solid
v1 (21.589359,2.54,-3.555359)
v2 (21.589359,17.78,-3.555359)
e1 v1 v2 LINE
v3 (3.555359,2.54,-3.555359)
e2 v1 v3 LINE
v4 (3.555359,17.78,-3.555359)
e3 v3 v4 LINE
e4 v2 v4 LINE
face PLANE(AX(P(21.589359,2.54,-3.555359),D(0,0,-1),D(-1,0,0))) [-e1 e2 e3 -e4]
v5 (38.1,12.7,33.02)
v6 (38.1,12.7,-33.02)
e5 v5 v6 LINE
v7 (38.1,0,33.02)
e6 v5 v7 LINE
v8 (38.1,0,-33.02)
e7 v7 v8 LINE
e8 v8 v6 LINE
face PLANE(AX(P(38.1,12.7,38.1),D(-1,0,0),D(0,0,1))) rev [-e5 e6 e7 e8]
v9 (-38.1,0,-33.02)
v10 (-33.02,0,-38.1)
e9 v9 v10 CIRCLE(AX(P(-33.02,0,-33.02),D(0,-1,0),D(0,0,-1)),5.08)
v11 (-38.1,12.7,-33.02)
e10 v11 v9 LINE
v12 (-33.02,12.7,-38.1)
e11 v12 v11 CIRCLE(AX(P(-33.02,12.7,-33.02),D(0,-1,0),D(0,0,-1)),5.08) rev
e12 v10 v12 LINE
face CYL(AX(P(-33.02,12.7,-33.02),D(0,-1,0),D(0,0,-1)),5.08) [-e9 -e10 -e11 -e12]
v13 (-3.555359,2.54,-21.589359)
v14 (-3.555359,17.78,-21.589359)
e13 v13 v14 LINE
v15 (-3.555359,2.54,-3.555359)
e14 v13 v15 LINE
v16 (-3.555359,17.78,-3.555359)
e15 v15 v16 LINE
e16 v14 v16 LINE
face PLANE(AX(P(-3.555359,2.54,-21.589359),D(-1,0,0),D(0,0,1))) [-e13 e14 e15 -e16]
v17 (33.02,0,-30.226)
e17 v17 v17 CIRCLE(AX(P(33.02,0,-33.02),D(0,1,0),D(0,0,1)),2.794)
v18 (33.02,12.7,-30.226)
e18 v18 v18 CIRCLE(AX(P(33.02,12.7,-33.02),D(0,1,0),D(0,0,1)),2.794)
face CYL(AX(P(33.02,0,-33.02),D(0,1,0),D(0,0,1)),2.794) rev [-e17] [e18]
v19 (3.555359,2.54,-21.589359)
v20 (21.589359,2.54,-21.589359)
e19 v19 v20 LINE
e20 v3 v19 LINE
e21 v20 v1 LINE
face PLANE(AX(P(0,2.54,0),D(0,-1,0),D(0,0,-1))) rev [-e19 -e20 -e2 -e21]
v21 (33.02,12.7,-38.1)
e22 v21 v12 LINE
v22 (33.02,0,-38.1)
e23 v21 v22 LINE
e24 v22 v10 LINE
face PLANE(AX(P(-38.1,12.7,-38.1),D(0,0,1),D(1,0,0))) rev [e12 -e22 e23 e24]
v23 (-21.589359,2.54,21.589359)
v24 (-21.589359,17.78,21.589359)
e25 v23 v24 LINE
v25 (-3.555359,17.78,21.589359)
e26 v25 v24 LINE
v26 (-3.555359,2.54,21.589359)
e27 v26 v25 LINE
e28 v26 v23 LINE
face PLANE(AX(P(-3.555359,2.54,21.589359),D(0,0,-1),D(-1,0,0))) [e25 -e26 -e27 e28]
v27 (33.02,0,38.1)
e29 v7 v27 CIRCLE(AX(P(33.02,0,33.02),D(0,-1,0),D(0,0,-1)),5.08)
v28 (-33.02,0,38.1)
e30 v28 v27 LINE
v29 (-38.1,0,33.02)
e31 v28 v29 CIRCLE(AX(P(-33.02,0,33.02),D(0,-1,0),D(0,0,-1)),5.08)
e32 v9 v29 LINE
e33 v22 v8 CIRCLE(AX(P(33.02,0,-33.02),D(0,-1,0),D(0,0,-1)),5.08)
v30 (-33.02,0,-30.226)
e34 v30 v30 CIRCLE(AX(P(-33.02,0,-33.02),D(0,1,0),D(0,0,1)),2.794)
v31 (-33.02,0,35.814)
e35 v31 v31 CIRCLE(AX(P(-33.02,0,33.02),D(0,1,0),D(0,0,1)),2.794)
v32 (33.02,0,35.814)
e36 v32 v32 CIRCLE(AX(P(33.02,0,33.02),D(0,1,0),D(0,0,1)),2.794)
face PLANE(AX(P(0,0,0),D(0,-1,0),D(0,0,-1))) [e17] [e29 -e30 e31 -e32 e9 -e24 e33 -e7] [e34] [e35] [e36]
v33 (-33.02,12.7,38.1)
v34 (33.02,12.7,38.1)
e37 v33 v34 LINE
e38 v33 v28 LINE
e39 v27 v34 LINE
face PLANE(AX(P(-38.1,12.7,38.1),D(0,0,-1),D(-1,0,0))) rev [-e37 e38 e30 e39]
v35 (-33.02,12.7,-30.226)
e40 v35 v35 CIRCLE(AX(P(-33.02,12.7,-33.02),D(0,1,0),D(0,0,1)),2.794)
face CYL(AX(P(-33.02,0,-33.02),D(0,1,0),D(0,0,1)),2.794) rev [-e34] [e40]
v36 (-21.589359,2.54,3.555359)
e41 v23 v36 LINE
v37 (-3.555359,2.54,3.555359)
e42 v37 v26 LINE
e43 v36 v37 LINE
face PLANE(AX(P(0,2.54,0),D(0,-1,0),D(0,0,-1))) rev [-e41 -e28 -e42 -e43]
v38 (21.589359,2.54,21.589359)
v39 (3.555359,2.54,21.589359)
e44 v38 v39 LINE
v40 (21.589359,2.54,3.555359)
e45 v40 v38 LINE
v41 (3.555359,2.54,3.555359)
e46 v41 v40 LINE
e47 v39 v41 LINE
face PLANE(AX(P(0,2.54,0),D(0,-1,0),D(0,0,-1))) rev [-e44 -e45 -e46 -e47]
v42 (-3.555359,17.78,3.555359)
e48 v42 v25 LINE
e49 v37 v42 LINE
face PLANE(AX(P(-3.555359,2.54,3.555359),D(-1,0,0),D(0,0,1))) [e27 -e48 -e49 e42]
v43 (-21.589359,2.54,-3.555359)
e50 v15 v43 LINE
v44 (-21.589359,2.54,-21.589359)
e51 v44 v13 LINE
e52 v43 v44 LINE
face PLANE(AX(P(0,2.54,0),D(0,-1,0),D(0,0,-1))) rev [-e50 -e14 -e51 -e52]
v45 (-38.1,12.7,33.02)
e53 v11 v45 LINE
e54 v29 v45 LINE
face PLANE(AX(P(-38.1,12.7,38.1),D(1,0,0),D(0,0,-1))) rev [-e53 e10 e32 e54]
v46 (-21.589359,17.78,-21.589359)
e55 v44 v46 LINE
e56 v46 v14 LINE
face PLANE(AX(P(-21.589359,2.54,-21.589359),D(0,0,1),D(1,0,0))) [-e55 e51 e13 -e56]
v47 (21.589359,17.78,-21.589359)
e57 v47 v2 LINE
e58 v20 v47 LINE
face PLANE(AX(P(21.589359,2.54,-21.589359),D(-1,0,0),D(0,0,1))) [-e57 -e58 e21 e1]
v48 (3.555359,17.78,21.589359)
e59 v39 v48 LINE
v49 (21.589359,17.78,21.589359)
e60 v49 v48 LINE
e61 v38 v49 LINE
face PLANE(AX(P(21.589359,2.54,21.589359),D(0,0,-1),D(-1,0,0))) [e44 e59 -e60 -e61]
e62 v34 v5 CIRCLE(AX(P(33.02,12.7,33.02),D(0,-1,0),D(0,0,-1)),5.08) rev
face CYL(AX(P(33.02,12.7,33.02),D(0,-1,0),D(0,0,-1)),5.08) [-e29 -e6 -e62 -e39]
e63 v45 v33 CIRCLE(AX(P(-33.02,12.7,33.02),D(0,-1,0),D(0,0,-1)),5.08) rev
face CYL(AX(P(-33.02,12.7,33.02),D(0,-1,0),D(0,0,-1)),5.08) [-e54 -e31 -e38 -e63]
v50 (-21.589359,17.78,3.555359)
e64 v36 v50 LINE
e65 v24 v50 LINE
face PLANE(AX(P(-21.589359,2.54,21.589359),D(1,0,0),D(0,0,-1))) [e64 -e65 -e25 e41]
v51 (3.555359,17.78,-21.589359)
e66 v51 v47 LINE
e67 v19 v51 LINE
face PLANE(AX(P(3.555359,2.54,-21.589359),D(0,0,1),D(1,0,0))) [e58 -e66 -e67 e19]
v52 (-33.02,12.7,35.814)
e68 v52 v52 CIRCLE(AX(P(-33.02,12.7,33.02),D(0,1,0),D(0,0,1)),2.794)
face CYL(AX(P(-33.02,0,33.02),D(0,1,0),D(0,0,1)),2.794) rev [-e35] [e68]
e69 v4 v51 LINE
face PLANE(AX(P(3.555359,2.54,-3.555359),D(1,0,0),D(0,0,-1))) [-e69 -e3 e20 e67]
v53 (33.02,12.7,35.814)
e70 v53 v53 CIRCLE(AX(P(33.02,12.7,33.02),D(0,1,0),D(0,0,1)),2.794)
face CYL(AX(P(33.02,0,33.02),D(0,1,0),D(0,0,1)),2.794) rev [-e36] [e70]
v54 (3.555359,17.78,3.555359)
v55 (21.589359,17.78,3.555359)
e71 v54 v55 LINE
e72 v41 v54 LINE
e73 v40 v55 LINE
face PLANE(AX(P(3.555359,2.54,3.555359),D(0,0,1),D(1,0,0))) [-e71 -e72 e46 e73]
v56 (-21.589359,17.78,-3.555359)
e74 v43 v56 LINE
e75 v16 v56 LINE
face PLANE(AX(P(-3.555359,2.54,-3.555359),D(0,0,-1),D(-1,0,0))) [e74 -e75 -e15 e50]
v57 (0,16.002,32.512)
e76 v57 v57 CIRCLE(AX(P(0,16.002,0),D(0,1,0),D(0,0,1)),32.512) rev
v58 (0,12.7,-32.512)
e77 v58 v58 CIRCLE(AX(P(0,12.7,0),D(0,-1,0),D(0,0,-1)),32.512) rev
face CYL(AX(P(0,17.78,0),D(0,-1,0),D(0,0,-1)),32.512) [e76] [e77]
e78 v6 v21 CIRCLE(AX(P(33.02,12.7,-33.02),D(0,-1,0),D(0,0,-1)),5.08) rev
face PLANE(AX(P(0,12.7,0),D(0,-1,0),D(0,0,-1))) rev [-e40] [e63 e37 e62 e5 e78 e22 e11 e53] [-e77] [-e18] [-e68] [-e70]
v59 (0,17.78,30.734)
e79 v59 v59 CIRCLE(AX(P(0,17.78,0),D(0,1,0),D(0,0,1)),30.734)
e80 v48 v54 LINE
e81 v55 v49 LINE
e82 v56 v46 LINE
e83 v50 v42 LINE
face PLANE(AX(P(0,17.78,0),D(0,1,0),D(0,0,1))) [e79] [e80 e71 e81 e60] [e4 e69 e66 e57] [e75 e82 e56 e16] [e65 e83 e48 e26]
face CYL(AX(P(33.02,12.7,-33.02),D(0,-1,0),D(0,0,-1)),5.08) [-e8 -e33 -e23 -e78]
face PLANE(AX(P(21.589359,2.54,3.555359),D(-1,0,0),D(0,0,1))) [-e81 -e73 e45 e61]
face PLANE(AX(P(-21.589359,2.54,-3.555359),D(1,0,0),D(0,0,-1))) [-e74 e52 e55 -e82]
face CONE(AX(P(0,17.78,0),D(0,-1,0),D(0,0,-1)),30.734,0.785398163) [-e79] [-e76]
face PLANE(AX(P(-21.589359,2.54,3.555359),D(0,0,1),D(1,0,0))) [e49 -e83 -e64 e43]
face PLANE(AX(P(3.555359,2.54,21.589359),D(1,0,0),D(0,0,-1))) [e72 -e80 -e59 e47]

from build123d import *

# Parameters (mm, degrees)
SKETCH1_W           = 76.2
SKETCH1_H           = 76.2
BOSS_EXTRUDE1_DEPTH = 12.7
SKETCH2_R           = 2.794
CUT_EXTRUDE1_DEPTH  = 56.358016583
SKETCH2_3_R         = 32.512
BOSS_EXTRUDE2_DEPTH = 5.08
SKETCH5_W           = 18.034
SKETCH5_H           = 18.034
CUT_EXTRUDE2_DEPTH  = 15.24
FILLET1_R           = 5.08
CHAMFER1_SIZE       = 1.778


with BuildPart() as part:
    # Sketch1 → Boss-Extrude1 (new body)
    with BuildSketch(Plane(origin=(0, 0, 0), x_dir=(1, 0, 0), z_dir=(0, 1, 0))):
        Rectangle(SKETCH1_W, SKETCH1_H)
    extrude(amount=BOSS_EXTRUDE1_DEPTH)

    # Sketch2 → Cut-Extrude1 (cut, through all)
    with BuildSketch(Plane(origin=(0, 12.7, 0), x_dir=(1, 0, 0), z_dir=(0, 1, 0))):
        with Locations((33.02, 33.02)):
            Circle(SKETCH2_R)
        with Locations((33.02, -33.02)):
            Circle(SKETCH2_R)
        with Locations((-33.02, -33.02)):
            Circle(SKETCH2_R)
        with Locations((-33.02, 33.02)):
            Circle(SKETCH2_R)
    extrude(amount=-CUT_EXTRUDE1_DEPTH, mode=Mode.SUBTRACT)

    # Sketch2<3> → Boss-Extrude2 (add)
    with BuildSketch(Plane(origin=(0, 12.7, 0), x_dir=(1, 0, 0), z_dir=(0, 1, 0))):
        Circle(SKETCH2_3_R)
    extrude(amount=BOSS_EXTRUDE2_DEPTH)

    # Sketch5 → Cut-Extrude2 (cut)
    with BuildSketch(Plane(origin=(0, 17.78, 0), x_dir=(1, 0, 0), z_dir=(0, 1, 0))):
        with Locations((-12.572358569, 12.572358569)):
            Rectangle(SKETCH5_W, SKETCH5_H)
        with Locations((12.572358569, 12.572358569)):
            Rectangle(SKETCH5_W, SKETCH5_H)
        with Locations((12.572358569, -12.572358569)):
            Rectangle(SKETCH5_W, SKETCH5_H)
        with Locations((-12.572358569, -12.572358569)):
            Rectangle(SKETCH5_W, SKETCH5_H)
    extrude(amount=-CUT_EXTRUDE2_DEPTH, mode=Mode.SUBTRACT)

    # Fillet1
    fillet1_edges = [part.edges().sort_by_distance(p)[0] for p in [
        (-38.1, 6.35, 38.1),
        (38.1, 6.35, 38.1),
        (38.1, 6.35, -38.1),
        (-38.1, 6.35, -38.1),
    ]]
    fillet(fillet1_edges, radius=FILLET1_R)

    # Chamfer1
    chamfer1_edges = [part.edges().sort_by_distance(p)[0] for p in [
        (-32.512, 17.78, 0),
    ]]
    chamfer(chamfer1_edges, length=CHAMFER1_SIZE)


solid = part.part
